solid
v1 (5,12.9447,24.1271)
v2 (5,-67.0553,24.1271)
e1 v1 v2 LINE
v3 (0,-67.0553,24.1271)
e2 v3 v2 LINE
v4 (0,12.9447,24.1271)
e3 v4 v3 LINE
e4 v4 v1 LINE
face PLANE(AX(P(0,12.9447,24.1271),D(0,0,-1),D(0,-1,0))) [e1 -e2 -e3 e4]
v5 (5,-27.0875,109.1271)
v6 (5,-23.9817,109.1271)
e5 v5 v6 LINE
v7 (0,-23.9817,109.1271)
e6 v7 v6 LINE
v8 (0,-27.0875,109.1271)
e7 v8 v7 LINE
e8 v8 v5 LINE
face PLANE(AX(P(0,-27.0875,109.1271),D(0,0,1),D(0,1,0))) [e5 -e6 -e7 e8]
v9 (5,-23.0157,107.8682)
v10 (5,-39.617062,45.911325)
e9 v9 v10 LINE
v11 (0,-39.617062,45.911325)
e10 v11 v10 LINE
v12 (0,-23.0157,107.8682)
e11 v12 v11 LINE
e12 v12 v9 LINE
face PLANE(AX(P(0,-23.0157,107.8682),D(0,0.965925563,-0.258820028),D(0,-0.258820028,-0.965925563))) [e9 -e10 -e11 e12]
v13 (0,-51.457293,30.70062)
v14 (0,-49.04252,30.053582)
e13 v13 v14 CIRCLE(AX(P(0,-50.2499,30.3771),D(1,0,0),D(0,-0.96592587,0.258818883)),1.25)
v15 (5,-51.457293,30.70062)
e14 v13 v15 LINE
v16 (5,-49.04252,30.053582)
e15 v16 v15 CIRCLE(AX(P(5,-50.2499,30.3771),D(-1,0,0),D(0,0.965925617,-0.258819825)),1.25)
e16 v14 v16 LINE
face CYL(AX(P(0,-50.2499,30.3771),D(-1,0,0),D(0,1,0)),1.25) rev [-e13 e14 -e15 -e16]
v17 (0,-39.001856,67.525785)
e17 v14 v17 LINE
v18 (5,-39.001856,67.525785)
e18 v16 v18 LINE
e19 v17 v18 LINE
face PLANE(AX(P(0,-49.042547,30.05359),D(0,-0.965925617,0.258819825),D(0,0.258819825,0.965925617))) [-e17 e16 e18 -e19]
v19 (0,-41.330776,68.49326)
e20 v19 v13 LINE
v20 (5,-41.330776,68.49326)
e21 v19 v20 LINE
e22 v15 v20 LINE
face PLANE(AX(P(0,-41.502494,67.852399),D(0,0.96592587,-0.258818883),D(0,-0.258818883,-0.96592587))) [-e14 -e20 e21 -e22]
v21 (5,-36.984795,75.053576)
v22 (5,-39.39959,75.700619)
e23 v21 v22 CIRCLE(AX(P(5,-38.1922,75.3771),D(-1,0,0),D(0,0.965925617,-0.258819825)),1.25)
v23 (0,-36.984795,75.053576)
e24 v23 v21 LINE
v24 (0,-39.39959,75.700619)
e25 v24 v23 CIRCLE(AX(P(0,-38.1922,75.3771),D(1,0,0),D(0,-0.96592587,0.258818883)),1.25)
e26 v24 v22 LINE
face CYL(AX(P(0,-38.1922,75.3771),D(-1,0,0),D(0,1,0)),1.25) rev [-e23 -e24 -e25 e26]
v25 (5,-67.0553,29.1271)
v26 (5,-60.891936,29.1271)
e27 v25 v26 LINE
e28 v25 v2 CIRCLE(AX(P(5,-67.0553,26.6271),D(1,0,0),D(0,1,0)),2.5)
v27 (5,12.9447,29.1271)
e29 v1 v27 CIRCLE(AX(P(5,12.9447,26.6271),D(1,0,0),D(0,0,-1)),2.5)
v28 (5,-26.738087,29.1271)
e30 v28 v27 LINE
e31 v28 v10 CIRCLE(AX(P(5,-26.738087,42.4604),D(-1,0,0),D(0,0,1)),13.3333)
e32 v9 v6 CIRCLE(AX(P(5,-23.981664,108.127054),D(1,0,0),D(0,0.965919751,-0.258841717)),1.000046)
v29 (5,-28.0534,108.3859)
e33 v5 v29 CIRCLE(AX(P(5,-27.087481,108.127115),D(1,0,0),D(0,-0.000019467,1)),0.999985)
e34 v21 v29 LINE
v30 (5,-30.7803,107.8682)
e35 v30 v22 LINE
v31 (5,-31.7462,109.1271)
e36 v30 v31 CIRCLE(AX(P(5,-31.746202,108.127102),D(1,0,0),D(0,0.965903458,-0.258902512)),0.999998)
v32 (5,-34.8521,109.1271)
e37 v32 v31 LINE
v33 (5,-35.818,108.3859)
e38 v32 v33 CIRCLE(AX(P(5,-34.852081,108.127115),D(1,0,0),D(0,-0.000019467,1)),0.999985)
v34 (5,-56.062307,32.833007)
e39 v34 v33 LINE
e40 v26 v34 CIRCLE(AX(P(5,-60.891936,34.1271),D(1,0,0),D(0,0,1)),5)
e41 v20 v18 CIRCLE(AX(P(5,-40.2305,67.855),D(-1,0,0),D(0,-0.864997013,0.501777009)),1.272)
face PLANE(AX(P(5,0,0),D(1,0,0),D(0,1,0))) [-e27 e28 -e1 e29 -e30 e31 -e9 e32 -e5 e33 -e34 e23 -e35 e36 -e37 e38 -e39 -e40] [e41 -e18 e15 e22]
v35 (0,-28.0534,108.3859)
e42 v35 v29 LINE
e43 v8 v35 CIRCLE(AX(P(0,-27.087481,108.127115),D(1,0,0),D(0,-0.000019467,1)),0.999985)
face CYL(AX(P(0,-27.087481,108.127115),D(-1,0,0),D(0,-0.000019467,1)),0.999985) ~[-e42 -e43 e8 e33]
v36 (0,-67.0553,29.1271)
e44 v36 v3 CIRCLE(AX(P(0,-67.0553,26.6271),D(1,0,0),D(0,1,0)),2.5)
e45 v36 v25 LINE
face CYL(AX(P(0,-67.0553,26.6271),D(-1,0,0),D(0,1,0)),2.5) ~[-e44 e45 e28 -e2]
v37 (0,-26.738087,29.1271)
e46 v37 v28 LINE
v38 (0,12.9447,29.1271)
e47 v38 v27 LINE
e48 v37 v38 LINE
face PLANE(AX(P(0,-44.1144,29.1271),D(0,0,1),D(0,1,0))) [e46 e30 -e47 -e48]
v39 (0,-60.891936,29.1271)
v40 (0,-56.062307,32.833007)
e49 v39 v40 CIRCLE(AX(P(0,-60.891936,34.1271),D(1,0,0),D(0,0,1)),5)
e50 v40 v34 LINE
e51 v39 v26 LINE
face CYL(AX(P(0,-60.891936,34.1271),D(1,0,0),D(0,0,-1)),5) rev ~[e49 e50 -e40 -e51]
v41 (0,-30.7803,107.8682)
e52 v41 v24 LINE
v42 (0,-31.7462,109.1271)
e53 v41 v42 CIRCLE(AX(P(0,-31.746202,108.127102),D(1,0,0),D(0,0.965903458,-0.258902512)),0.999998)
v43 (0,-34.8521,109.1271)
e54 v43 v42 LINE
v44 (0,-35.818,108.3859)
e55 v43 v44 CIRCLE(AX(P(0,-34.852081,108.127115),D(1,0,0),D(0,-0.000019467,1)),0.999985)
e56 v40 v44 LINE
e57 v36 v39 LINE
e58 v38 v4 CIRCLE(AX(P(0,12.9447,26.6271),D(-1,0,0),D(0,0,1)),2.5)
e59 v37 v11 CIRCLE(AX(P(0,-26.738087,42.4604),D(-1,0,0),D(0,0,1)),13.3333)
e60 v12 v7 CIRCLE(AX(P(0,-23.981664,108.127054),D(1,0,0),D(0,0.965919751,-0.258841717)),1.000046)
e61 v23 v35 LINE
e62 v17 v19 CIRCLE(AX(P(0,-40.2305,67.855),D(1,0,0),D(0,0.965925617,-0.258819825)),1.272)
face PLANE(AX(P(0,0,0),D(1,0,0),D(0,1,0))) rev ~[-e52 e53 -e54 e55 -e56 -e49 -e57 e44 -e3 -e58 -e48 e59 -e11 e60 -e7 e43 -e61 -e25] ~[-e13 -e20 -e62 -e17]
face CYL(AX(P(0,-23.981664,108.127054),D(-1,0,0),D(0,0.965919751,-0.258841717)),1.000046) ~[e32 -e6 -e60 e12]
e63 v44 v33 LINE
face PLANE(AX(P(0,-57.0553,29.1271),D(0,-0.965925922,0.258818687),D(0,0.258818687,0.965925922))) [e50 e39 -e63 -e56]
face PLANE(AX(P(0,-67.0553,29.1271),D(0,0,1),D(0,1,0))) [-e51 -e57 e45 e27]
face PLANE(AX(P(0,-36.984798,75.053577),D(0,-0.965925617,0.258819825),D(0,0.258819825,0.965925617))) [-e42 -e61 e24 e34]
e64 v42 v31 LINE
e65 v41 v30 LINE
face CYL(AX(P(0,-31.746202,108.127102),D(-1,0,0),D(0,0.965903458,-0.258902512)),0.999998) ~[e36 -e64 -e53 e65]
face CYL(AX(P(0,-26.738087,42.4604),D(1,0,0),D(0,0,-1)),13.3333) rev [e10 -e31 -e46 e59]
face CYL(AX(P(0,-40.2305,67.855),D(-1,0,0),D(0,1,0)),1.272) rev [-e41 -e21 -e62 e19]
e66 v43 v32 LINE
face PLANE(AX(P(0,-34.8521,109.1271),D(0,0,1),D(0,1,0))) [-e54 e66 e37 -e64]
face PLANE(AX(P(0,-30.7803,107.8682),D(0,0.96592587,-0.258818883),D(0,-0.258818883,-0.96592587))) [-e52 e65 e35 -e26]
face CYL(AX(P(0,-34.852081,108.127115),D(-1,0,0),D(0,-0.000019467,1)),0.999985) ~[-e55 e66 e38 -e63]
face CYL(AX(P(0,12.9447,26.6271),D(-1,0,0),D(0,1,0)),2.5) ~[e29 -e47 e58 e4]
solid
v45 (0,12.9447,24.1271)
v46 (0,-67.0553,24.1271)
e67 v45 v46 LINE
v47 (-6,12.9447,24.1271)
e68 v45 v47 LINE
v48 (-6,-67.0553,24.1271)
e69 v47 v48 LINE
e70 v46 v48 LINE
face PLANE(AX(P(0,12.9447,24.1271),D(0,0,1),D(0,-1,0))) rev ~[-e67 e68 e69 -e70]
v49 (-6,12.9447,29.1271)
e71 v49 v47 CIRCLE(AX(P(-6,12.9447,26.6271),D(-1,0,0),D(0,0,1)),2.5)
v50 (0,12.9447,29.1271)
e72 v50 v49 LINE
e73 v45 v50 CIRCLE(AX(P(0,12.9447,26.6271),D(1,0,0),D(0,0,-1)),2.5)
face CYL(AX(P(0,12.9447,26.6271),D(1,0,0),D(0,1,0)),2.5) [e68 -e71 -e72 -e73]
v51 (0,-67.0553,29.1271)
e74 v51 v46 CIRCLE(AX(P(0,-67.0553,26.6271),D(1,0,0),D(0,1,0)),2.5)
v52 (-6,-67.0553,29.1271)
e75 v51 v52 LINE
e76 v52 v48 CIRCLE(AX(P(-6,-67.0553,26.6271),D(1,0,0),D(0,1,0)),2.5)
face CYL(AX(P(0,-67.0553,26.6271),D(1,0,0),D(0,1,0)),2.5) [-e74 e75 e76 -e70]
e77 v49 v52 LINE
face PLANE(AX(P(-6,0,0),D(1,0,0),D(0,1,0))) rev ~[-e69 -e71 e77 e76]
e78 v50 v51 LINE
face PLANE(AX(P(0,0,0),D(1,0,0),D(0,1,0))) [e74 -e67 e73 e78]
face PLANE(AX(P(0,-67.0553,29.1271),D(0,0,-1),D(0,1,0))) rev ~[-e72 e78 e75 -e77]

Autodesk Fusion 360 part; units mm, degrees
sketch "Sketch1" plane through (0, 0, 0) normal (1, 0, 0) x (0, 1, 0)
  circle A0 centre (-67.0553, 26.6271) radius 2.5
  line L0 (-67.0553, 29.1271) -> (12.9447, 29.1271)
  line L1 (12.9447, 29.1271) -> (12.9447, 24.1271)
  line L2 (12.9447, 24.1271) -> (-67.0553, 24.1271)
  line L3 (-67.0553, 24.1271) -> (-67.0553, 29.1271)
  circle A1 centre (12.9447, 26.6271) radius 2.5
  line L4 (-57.0553, 29.1271) -> (-57.0553, 44.2726) construction
  line L5 (-57.0553, 29.1271) -> (-35.818, 108.3859)
  line L6 (-34.8521, 109.1271) -> (-31.7462, 109.1271)
  line L7 (-30.7803, 107.8682) -> (-51.8789, 29.1271)
  line L8 (-49.2908, 29.1271) -> (-28.0534, 108.3859)
  line L9 (-23.0157, 107.8682) -> (-44.1144, 29.1271)
  line L10 (-27.0875, 109.1271) -> (-23.9817, 109.1271)
  arc A2 (-34.8521, 109.1271) -> (-35.818, 108.3859) centre (-34.8521, 108.1271) ccw
  arc A3 (-30.7803, 107.8682) -> (-31.7462, 109.1271) centre (-31.7462, 108.1271) ccw
  arc A4 (-27.0875, 109.1271) -> (-28.0534, 108.3859) centre (-27.0875, 108.1271) ccw
  arc A5 (-23.0157, 107.8682) -> (-23.9817, 109.1271) centre (-23.9817, 108.1271) ccw
  line L11 (-37.233, 74.1271) -> (-39.8212, 74.1271)
  line L12 (-41.161, 69.1271) -> (-38.5728, 69.1271)
  circle A6 centre (-40.2305, 67.855) radius 1.272
  circle A7 centre (-38.1922, 75.3771) radius 1.25
  line L13 (-38.1922, 75.3771) -> (-39.4422, 75.3771)
  line L14 (-38.1922, 75.3771) -> (-36.9422, 75.3771)
  line L15 (-40.2305, 67.855) -> (-41.5025, 67.8524)
  line L16 (-40.2305, 67.855) -> (-38.9585, 67.8577)
  circle A8 centre (-50.2499, 30.3771) radius 1.25
  dimension "d6" = 5
  dimension "d7" = 80
  dimension "d8" = 5
  dimension "d9" = 10
  dimension "d10" = 2.5
  dimension "d11" = 5
  dimension "d12" = 5
  dimension "d13" = 75
  dimension "d16" = 1
  dimension "d17" = 1
  dimension "d18" = 1
  dimension "d19" = 1
  dimension "d20" = 80
  dimension "d35" = 5
  dimension "d36" = 35
extrude "Extrude1" add sketch "Sketch1" along normal blind 5 contours A0 L3 | A0 L0 L2 A1 | A0 L3 | L0 L5 L6 L7 A2 A3 A6 | L1 A1 | L1 A1 | L0 L7 A8 | L0 L8 A8 | L0 L8 L9 L10 A4 A5 | L7 A6 | L8 L12 A6 | L7 L12 A6 | L7 L8 L11 L12 | L7 L11 A7 | L8 L11 A7 makes body 1
fillet "FrontFillet" radius 5 1 edges at (2.5, -57.0553, 29.1271) on bodies 1
fillet "RearArmFillet" radius 13.3333 1 edges at (2.5, -44.1144, 29.1271) on bodies 1
extrude "AddBaseThickener" add sketch "Sketch1" against normal blind 6 separate body contours A0 L3 | A0 L0 L2 A1 | A0 L3 | L1 A1 | L1 A1 makes body 2
copy_body "CutPasteBodies2" bodies 1 2 removing the originals makes body 3 makes body 4 in component "Component"
component "Component" placed x (1, 0, 0) y (0, 1, 0) z (0, 0, 1) at (0, 0, 0)
equation "boardthickness = 2.5 mm"
equation "fillet = 1 mm"
equation "basethickness = 5 mm"
equation "baselength = 80 mm"
equation "base_setback = 10 mm"
equation "d6 = basethickness"
equation "d7 = baselength"
equation "d8 = d6"
equation "d9 = base_setback"
equation "d10 = boardthickness"
equation "d11 = basethickness"
equation "d12 = d11"
equation "d13 = board_angle"
equation "board_angle = 75 deg"
equation "d16 = fillet"
equation "d17 = fillet"
equation "d20 = holderheight"
equation "holderheight = 80 mm"
equation "d25 = basethickness"
equation "d27 = holderheight / 6"
equation "d28 = -thickener"
equation "thickener = 6 mm"
equation "d35 = basethickness"
equation "d36 = topBadgeSpace"
equation "topBadgeSpace = 35 mm" comment "The depth of the \"slots\" for the holder"
